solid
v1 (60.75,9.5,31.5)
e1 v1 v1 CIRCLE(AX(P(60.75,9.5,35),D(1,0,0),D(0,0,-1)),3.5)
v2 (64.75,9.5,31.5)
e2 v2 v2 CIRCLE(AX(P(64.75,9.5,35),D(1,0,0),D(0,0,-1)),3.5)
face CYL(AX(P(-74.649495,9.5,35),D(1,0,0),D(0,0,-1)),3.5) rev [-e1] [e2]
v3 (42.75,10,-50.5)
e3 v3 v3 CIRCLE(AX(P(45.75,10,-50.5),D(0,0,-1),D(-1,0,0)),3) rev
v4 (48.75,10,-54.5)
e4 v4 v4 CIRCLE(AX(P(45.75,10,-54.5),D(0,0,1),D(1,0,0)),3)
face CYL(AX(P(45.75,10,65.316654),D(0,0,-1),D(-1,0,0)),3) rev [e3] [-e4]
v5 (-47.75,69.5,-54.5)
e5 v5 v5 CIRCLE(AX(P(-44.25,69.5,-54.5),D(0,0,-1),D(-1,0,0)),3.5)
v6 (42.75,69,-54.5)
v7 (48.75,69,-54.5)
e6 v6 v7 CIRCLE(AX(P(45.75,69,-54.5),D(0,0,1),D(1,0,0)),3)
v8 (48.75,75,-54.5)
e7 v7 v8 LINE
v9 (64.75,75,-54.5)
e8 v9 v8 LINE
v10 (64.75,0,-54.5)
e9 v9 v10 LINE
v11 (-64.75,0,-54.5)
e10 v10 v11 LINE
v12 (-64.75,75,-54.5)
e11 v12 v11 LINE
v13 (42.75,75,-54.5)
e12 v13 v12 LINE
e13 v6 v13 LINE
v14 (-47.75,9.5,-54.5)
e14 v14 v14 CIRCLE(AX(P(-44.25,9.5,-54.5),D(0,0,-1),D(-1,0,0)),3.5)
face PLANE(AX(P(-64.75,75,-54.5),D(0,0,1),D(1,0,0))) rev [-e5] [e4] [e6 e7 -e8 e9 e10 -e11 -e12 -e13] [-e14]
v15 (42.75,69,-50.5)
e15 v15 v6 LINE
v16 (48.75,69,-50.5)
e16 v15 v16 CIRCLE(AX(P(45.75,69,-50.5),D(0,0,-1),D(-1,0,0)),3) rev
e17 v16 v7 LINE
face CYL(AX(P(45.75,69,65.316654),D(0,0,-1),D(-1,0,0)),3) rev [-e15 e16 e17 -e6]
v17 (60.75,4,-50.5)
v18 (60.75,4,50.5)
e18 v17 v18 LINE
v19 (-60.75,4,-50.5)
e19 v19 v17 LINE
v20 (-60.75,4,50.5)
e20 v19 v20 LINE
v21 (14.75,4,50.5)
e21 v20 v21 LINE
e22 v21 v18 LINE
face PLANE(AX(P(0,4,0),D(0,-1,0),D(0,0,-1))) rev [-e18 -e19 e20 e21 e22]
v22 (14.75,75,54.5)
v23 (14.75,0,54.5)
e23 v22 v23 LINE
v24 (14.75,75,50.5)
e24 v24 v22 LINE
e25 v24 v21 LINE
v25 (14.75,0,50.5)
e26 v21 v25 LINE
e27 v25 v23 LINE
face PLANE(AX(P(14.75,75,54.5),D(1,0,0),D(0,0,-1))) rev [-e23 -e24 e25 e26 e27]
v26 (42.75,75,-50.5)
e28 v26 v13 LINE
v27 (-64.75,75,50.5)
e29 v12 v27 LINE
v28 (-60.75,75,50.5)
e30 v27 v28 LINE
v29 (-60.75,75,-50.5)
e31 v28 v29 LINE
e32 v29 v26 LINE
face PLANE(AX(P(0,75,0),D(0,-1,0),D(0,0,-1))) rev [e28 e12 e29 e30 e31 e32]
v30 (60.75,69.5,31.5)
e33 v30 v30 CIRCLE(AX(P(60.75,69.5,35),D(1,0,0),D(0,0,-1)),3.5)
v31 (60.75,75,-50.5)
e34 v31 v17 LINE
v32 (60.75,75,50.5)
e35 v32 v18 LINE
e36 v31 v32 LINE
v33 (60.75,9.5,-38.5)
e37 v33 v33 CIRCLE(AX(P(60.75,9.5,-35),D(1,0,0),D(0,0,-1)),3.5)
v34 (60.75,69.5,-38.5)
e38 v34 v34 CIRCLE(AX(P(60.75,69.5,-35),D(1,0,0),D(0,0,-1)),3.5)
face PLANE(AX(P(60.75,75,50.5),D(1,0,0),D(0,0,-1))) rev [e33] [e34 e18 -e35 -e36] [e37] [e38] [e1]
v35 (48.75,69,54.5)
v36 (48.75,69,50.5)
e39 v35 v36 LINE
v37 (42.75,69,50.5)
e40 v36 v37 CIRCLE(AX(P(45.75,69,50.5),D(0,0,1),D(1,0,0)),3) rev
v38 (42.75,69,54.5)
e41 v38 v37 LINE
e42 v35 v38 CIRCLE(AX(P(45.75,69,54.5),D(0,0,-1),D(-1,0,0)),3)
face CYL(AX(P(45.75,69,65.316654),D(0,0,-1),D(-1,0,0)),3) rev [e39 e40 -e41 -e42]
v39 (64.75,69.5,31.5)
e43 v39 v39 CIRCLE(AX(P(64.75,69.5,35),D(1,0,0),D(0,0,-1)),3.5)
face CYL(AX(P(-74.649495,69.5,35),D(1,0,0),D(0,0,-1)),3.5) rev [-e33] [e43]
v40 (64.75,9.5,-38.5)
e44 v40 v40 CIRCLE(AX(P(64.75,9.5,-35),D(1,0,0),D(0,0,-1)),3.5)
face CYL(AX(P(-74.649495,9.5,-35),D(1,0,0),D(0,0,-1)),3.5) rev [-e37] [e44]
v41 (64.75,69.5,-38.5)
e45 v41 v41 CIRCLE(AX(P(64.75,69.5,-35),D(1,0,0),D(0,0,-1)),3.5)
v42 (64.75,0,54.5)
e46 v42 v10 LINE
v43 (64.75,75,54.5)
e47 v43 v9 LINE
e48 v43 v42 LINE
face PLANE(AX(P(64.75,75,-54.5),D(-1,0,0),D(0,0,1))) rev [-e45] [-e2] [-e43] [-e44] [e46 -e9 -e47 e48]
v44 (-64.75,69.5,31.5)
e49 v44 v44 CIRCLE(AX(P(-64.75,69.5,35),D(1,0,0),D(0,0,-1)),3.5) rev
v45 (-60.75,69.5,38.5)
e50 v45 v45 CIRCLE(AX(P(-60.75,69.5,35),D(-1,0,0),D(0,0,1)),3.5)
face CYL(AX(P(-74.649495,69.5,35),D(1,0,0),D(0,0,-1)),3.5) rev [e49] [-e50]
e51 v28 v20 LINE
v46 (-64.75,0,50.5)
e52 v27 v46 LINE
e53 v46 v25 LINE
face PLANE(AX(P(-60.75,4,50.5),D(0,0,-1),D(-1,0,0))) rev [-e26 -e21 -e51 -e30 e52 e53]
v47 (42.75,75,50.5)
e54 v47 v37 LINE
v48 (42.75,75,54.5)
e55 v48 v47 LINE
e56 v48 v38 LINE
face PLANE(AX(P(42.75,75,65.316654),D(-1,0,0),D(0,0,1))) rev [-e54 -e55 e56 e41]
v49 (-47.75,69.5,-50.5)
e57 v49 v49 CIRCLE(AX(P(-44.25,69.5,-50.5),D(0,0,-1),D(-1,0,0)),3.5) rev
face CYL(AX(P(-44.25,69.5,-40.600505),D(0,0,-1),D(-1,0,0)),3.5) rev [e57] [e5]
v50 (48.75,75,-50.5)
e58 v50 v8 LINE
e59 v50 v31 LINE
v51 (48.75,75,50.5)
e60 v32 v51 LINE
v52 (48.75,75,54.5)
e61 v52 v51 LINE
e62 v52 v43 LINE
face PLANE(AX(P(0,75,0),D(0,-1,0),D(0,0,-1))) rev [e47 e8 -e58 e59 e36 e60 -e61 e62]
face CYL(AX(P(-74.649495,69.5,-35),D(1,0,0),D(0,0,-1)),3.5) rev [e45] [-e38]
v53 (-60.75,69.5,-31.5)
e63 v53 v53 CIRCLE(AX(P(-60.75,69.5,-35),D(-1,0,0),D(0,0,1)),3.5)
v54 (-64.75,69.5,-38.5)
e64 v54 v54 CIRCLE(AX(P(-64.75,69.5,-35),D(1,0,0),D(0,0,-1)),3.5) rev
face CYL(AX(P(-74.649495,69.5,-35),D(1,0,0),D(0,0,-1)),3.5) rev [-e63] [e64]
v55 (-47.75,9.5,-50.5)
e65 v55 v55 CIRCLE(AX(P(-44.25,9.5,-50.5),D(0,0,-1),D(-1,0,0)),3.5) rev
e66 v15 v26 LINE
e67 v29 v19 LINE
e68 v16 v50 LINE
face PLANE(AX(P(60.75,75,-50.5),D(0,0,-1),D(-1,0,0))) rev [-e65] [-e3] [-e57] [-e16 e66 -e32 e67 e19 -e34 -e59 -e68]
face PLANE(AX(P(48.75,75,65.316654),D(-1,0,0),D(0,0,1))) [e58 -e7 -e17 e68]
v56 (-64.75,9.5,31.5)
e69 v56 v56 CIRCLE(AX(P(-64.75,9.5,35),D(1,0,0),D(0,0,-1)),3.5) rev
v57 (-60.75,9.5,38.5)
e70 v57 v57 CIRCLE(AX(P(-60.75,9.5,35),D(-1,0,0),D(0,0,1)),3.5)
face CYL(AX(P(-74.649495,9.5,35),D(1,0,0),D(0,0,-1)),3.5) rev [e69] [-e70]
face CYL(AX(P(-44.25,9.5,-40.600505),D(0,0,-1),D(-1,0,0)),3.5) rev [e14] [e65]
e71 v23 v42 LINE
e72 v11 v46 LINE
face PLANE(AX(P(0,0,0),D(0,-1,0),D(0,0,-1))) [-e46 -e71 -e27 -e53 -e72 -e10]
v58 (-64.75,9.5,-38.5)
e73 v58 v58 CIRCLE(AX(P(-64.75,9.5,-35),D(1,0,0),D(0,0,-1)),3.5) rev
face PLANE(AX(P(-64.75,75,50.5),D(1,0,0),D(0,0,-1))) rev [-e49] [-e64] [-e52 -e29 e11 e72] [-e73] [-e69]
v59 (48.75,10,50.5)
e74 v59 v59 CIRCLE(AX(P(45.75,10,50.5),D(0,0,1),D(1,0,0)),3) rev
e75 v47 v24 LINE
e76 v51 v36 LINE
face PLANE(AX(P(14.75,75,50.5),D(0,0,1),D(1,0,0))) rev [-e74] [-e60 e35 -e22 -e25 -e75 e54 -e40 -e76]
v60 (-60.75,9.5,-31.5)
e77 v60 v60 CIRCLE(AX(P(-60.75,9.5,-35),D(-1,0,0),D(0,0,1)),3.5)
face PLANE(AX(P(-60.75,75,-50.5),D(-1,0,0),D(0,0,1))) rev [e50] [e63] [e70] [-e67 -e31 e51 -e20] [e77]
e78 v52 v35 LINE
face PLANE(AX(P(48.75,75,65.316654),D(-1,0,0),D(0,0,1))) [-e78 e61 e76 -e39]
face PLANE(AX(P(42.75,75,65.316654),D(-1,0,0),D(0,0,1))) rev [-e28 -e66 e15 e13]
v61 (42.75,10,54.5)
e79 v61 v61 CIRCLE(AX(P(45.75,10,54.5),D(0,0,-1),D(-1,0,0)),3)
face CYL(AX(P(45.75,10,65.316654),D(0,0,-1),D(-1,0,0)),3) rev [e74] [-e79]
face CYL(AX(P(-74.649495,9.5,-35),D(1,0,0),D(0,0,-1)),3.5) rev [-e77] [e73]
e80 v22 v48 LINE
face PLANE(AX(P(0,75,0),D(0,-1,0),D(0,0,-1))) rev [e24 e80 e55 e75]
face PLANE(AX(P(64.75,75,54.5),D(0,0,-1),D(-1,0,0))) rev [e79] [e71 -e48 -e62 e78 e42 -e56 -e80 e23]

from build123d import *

# Parameters (mm, degrees)
CROQUIS1_W              = 121.5
CROQUIS1_H              = 101
SALIENTE_EXTRUIR2_DEPTH = 4
SALIENTE_EXTRUIR3_DEPTH = 75
CROQUIS3_W              = 50
CROQUIS3_H              = 4
SALIENTE_EXTRUIR4_DEPTH = 75
CORTAR_EXTRUIR1_REACH   = 161.266
CROQUIS4_R              = 3.5
CROQUIS5_R              = 3.5
CORTAR_EXTRUIR2_DEPTH   = 4
CORTAR_EXTRUIR3_START   = -54.5
CORTAR_EXTRUIR3_DEPTH   = 109


with BuildPart() as part:
    # Croquis1 → Saliente-Extruir2 (new body)
    with BuildSketch(Plane(origin=(0, 0, 0), x_dir=(1, 0, 0), z_dir=(0, 1, 0))):
        Rectangle(CROQUIS1_W, CROQUIS1_H)
    extrude(amount=SALIENTE_EXTRUIR2_DEPTH)

    # Croquis2 → Saliente-Extruir3 (add)
    with BuildSketch(Plane(origin=(0, 0, 0), x_dir=(1, 0, 0), z_dir=(0, 1, 0))):
        Polygon((60.75, -50.5), (64.75, -50.5), (64.75, 54.5), (60.75, 54.5), (-64.75, 54.5), (-64.75, -50.5), (-60.75, -50.5), (-60.75, 50.5), (60.75, 50.5), align=None)
    extrude(amount=SALIENTE_EXTRUIR3_DEPTH)

    # Croquis3 → Saliente-Extruir4 (add)
    with BuildSketch(Plane(origin=(0, 0, 0), x_dir=(1, 0, 0), z_dir=(0, 1, 0))):
        with Locations((39.75, -52.5)):
            Rectangle(CROQUIS3_W, CROQUIS3_H)
    extrude(amount=SALIENTE_EXTRUIR4_DEPTH)

    # Cortar-Extruir1: up to this face of the body (flat: up to its plane)
    cortar_extruir1_end = Plane(part.part.faces().sort_by_distance((-64.75, 37.5, -2))[0])
    # Croquis4 → Cortar-Extruir1 (cut, up to the picked face)
    with BuildSketch(Plane(origin=(64.75, 0, 0), x_dir=(0, 0, -1), z_dir=(1, 0, 0)), mode=Mode.PRIVATE) as cortar_extruir1_sk1:
        with Locations((-35, 69.5)):
            Circle(CROQUIS4_R)
    cortar_extruir1_tool1 = split(extrude(cortar_extruir1_sk1.sketch, amount=-CORTAR_EXTRUIR1_REACH, mode=Mode.PRIVATE), bisect_by=cortar_extruir1_end, keep=Keep.BOTH, mode=Mode.PRIVATE)
    # Croquis4 → Cortar-Extruir1 (cut, up to the picked face)
    with BuildSketch(Plane(origin=(64.75, 0, 0), x_dir=(0, 0, -1), z_dir=(1, 0, 0)), mode=Mode.PRIVATE) as cortar_extruir1_sk2:
        with Locations((35, 9.5)):
            Circle(CROQUIS4_R)
    cortar_extruir1_tool2 = split(extrude(cortar_extruir1_sk2.sketch, amount=-CORTAR_EXTRUIR1_REACH, mode=Mode.PRIVATE), bisect_by=cortar_extruir1_end, keep=Keep.BOTH, mode=Mode.PRIVATE)
    # Croquis4 → Cortar-Extruir1 (cut, up to the picked face)
    with BuildSketch(Plane(origin=(64.75, 0, 0), x_dir=(0, 0, -1), z_dir=(1, 0, 0)), mode=Mode.PRIVATE) as cortar_extruir1_sk3:
        with Locations((-35, 9.5)):
            Circle(CROQUIS4_R)
    cortar_extruir1_tool3 = split(extrude(cortar_extruir1_sk3.sketch, amount=-CORTAR_EXTRUIR1_REACH, mode=Mode.PRIVATE), bisect_by=cortar_extruir1_end, keep=Keep.BOTH, mode=Mode.PRIVATE)
    # Croquis4 → Cortar-Extruir1 (cut, up to the picked face)
    with BuildSketch(Plane(origin=(64.75, 0, 0), x_dir=(0, 0, -1), z_dir=(1, 0, 0)), mode=Mode.PRIVATE) as cortar_extruir1_sk4:
        with Locations((35, 69.5)):
            Circle(CROQUIS4_R)
    cortar_extruir1_tool4 = split(extrude(cortar_extruir1_sk4.sketch, amount=-CORTAR_EXTRUIR1_REACH, mode=Mode.PRIVATE), bisect_by=cortar_extruir1_end, keep=Keep.BOTH, mode=Mode.PRIVATE)
    add(cortar_extruir1_tool1.solids().sort_by(Axis((64.75, 69.5, 35), (-1, 0, 0)))[0], mode=Mode.SUBTRACT)
    add(cortar_extruir1_tool2.solids().sort_by(Axis((64.75, 9.5, -35), (-1, 0, 0)))[0], mode=Mode.SUBTRACT)
    add(cortar_extruir1_tool3.solids().sort_by(Axis((64.75, 9.5, 35), (-1, 0, 0)))[0], mode=Mode.SUBTRACT)
    add(cortar_extruir1_tool4.solids().sort_by(Axis((64.75, 69.5, -35), (-1, 0, 0)))[0], mode=Mode.SUBTRACT)

    # Croquis5 → Cortar-Extruir2 (cut)
    with BuildSketch(Plane(origin=(0, 0, -54.5), x_dir=(-1, 0, 0), z_dir=(0, 0, -1))):
        with Locations((44.25, 69.5)):
            Circle(CROQUIS5_R)
        with Locations((44.25, 9.5)):
            Circle(CROQUIS5_R)
    extrude(amount=-CORTAR_EXTRUIR2_DEPTH, mode=Mode.SUBTRACT)

    # Croquis6 → Cortar-Extruir3 (cut)
    with BuildSketch(Plane.XY.offset(CORTAR_EXTRUIR3_START)):
        with BuildLine():
            Line((42.75, 69), (42.75, 75))
            Line((42.75, 75), (45.75, 75))
            Line((45.75, 75), (48.75, 75))
            Line((48.75, 75), (48.75, 69))
            ThreePointArc((48.75, 69), (45.75, 66), (42.75, 69))
        make_face()
        with BuildLine():
            ThreePointArc((48.75, 10), (47.871320344, 12.121320344), (45.75, 13))
            Line((45.75, 13), (45.75, 7))
            ThreePointArc((45.75, 7), (47.871320344, 7.878679656), (48.75, 10))
        make_face()
        with BuildLine():
            Line((45.75, 7), (45.75, 13))
            ThreePointArc((45.75, 13), (42.75, 10), (45.75, 7))
        make_face()
    extrude(amount=CORTAR_EXTRUIR3_DEPTH, mode=Mode.SUBTRACT)


solid = part.part
